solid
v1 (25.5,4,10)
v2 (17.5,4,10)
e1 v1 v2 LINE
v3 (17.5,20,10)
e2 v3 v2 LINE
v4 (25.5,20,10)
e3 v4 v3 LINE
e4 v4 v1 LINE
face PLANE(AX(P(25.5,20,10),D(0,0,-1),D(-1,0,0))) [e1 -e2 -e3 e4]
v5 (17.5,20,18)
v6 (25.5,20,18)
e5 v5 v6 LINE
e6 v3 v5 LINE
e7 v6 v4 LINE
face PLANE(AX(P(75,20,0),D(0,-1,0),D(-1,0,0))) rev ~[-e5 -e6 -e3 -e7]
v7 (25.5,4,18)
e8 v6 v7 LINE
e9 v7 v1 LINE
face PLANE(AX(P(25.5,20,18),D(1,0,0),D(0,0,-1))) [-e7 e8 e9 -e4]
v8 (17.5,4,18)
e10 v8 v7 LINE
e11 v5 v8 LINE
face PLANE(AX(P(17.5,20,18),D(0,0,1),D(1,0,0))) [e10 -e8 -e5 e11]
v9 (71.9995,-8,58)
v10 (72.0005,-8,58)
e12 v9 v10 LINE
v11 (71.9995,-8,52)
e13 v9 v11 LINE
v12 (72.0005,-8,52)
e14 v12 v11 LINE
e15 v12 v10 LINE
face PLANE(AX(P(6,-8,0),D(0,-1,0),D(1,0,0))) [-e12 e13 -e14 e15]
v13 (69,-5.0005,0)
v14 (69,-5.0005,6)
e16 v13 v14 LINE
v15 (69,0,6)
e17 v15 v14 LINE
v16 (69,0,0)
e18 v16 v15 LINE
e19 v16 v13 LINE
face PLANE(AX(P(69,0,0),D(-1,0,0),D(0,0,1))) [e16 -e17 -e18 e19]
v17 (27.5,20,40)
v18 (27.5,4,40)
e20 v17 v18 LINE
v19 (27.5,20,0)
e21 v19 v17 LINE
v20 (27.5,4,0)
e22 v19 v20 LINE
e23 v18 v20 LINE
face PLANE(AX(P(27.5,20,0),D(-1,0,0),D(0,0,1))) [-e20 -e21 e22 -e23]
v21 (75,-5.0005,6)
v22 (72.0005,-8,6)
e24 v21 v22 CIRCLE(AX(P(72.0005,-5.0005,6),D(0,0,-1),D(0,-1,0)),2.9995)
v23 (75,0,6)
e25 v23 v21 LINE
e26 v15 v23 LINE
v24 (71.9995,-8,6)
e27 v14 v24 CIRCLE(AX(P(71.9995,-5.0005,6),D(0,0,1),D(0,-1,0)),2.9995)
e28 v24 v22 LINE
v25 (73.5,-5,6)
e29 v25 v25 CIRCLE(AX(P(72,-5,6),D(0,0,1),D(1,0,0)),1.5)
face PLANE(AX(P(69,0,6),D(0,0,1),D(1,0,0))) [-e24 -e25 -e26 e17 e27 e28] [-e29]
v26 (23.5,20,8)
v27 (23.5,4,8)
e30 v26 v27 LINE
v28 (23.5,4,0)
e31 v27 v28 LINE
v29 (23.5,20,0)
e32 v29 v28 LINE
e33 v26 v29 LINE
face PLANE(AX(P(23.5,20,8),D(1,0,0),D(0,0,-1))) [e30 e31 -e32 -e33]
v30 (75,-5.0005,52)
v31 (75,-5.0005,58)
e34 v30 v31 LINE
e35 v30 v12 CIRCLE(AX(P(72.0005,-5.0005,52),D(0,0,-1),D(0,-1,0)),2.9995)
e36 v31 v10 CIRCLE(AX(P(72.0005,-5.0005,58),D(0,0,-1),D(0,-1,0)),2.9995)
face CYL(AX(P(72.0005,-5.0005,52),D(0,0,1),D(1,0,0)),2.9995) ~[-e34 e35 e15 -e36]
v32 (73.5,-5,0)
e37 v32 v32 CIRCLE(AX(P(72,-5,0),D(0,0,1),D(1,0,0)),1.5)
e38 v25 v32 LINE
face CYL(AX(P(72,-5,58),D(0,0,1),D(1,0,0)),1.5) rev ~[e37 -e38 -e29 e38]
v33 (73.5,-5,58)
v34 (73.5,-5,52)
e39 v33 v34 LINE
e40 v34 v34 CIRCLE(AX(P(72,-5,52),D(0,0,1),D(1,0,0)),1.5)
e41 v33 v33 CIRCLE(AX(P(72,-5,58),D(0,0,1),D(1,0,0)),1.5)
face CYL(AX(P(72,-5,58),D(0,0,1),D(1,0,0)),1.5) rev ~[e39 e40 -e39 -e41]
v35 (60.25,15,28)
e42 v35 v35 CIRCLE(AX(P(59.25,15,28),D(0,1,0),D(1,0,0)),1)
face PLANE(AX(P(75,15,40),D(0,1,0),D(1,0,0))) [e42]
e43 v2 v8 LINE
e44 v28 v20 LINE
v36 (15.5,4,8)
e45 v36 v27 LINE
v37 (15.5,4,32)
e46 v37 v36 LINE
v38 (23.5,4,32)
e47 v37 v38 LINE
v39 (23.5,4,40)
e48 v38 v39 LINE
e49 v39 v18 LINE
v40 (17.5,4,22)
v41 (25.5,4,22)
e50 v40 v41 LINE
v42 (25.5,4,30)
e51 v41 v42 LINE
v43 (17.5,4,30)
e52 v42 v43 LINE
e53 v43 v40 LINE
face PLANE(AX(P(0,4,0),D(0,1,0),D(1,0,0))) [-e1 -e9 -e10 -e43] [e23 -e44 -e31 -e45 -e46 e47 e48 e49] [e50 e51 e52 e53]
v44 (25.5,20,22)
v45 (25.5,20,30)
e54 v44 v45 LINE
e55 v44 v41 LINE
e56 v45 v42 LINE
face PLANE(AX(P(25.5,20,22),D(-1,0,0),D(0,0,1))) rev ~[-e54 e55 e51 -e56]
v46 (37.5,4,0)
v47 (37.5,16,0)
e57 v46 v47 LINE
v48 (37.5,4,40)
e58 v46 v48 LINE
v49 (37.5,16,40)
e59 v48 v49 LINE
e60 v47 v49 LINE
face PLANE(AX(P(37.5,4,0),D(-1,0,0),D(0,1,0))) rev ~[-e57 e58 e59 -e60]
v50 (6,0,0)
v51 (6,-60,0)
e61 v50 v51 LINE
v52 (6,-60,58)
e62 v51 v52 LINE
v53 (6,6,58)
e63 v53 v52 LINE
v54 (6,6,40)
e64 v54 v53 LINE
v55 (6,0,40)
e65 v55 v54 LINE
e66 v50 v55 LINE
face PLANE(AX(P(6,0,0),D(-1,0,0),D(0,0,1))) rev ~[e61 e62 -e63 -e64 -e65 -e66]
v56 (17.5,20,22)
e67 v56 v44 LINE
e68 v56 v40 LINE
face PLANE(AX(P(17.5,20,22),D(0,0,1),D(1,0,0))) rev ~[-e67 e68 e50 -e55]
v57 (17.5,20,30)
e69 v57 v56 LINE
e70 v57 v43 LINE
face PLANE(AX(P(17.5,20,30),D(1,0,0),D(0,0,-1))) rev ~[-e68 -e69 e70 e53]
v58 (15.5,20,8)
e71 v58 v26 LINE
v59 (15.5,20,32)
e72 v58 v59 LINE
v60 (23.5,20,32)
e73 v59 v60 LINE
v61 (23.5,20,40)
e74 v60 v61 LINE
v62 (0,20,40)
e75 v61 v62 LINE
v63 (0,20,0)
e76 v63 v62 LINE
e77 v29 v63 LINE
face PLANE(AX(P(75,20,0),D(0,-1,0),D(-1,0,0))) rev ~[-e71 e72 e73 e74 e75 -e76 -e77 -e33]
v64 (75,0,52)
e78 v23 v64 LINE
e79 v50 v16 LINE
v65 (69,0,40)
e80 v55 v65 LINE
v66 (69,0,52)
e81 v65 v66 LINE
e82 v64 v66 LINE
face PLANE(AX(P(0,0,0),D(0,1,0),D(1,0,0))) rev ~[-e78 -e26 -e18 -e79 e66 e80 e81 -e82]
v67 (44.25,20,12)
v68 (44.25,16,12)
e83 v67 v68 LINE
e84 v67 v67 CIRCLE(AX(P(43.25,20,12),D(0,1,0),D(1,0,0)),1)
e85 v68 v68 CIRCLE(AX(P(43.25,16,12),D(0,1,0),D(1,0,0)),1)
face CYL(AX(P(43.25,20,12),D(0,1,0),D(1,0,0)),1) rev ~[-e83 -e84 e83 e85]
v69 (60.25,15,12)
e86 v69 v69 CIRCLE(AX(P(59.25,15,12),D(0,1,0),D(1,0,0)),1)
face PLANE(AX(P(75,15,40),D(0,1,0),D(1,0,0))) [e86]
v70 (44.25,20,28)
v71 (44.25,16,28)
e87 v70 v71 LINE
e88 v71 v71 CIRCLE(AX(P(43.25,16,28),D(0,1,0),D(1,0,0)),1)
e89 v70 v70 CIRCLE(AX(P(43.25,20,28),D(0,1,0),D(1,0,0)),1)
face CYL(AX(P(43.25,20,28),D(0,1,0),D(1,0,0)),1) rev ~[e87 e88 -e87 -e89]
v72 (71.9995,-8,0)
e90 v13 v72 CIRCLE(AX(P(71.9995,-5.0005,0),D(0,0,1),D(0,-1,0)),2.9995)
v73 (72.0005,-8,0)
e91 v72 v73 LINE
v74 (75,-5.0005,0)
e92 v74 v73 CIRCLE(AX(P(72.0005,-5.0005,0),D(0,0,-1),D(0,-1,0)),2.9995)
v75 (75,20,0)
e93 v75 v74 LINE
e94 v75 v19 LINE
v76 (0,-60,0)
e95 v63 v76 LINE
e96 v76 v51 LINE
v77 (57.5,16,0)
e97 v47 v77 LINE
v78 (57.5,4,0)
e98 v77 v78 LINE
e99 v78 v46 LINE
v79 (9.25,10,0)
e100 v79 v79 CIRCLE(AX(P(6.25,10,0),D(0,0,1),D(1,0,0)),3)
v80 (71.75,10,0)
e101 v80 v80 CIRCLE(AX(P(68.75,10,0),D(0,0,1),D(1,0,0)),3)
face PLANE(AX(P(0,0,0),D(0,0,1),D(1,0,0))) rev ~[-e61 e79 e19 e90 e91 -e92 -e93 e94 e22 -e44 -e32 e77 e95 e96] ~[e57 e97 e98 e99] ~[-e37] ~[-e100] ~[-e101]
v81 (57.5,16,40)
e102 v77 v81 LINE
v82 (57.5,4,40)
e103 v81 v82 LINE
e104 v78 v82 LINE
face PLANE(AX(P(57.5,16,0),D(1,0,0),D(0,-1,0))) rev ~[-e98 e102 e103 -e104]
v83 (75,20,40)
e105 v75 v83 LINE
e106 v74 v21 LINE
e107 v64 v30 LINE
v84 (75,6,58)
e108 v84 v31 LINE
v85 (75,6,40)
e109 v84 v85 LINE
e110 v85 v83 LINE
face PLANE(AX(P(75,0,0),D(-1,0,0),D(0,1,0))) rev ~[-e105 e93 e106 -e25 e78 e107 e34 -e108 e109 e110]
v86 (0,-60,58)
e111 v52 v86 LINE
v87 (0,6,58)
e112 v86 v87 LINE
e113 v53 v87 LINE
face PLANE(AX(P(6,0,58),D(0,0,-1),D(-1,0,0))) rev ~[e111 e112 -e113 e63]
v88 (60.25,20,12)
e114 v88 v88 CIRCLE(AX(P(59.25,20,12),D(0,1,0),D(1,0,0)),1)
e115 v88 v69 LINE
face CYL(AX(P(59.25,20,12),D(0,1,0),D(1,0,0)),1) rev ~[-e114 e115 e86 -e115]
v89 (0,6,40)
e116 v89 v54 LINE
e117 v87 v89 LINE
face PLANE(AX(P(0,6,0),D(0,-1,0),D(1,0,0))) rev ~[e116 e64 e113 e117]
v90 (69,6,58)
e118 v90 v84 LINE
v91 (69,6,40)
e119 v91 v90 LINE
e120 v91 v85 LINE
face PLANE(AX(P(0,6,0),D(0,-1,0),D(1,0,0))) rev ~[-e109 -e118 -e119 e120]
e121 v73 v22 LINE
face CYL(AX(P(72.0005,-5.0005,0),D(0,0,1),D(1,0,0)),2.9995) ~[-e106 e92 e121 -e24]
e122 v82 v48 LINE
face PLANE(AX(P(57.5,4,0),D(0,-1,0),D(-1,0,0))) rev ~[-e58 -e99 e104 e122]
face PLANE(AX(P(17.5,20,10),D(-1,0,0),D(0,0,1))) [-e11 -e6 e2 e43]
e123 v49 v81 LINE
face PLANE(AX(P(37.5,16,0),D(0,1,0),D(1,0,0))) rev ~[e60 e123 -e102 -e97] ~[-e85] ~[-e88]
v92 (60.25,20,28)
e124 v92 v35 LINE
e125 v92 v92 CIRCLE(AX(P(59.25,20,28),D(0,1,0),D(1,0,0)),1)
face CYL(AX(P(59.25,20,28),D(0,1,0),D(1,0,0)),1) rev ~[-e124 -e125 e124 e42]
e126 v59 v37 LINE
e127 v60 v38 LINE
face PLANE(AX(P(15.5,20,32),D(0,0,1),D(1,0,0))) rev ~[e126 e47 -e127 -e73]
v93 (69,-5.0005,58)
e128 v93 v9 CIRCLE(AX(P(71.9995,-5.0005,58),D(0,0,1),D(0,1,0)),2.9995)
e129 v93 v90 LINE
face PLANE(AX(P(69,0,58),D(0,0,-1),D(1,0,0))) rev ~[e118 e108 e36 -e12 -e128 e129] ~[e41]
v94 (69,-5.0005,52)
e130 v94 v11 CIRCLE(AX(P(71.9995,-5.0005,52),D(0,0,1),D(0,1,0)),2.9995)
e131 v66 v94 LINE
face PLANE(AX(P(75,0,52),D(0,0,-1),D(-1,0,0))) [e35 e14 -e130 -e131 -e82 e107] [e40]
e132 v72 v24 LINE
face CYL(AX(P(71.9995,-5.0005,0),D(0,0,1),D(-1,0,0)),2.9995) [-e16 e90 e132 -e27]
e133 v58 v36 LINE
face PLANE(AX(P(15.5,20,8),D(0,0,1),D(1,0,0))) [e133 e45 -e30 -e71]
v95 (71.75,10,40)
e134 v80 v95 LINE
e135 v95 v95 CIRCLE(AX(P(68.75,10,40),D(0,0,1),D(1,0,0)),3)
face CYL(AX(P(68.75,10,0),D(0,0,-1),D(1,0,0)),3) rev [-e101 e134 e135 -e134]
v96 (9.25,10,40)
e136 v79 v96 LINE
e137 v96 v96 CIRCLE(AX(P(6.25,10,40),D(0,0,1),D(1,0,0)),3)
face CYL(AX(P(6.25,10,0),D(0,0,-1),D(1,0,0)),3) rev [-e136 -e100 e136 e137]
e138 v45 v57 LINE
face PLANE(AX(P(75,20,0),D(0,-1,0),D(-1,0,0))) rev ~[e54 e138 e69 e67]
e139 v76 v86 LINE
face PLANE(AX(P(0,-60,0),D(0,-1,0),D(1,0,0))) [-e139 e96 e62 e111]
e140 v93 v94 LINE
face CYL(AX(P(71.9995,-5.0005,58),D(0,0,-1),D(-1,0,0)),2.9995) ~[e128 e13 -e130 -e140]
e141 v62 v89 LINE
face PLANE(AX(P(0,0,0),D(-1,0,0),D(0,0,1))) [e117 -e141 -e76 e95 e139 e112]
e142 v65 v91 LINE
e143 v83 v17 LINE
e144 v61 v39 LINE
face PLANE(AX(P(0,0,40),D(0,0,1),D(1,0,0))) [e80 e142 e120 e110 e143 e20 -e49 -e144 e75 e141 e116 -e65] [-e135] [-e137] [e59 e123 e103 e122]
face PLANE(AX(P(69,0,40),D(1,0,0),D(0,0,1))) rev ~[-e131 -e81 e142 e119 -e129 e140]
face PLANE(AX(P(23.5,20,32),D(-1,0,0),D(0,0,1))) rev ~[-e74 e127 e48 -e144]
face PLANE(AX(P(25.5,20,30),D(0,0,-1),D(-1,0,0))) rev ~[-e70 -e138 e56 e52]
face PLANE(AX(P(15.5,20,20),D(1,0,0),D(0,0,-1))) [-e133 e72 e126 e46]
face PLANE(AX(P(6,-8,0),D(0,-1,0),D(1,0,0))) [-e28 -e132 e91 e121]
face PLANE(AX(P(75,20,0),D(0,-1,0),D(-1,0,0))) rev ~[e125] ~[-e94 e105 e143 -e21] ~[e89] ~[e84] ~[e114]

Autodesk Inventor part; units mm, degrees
ref_plane "YZ Plane" through (0, 0, 0) normal (1, 0, 0) x (0, 1, 0)
ref_plane "XZ Plane" through (0, 0, 0) normal (0, 1, 0) x (-1, 0, 0)
ref_plane "XY Plane" through (0, 0, 0) normal (0, 0, 1) x (1, 0, 0)
sketch "Sketch3" plane through (0, 0, 0) normal (0, 0, 1) x (1, 0, 0)
  line L0 (0, 0) -> (75, 0)
  line L1 (75, 0) -> (75, 20)
  line L2 (75, 20) -> (0, 20)
  line L3 (0, 20) -> (0, 0)
  circle A0 centre (6.25, 10) radius 3
  circle A1 centre (68.75, 10) radius 3
  line L4 (37.5, 16) -> (57.5, 16)
  line L5 (57.5, 16) -> (57.5, 4)
  line L6 (57.5, 4) -> (37.5, 4)
  line L7 (37.5, 4) -> (37.5, 16)
  dimension "d19" = 20
  dimension "d20" = 75
  dimension "d21" = 6
  dimension "d22" = 6
  dimension "d23" = 10
  dimension "d24" = 10
  dimension "d25" = 62.5
  dimension "d26" = 6.25
  dimension "d30" = 12
  dimension "d31" = 20
  dimension "d32" = 4
  dimension "d33" = 17.5
extrude "Extrusion3" add sketch "Sketch3" along normal blind 40
sketch "Sketch4" plane through (0, 20, 0) normal (0, 1, 0) x (1, 0, 0)
  line L0 (0, 0) -> (75, 0) projected
  line L1 (27.5, -40) -> (27.5, -20)
  line L2 (27.5, -20) -> (15.5, -20)
  line L3 (15.5, -20) -> (15.5, -32)
  line L4 (15.5, -32) -> (23.5, -32)
  line L5 (23.5, -32) -> (23.5, -40)
  line L6 (17.5, -22) -> (25.5, -22)
  line L7 (25.5, -22) -> (25.5, -30)
  line L8 (25.5, -30) -> (17.5, -30)
  line L9 (17.5, -30) -> (17.5, -22)
  line L10 (23.5, -40) -> (27.5, -40)
  line L11 (0, 0) -> (0, -40) projected
  line L12 (75, -40) -> (0, -40) projected
  line L13 (75, 0) -> (75, -40) projected
  line L14 (27.5, 0) -> (27.5, -20)
  line L15 (15.5, -20) -> (15.5, -8)
  line L16 (15.5, -8) -> (23.5, -8)
  line L17 (23.5, -8) -> (23.5, 0)
  line L18 (17.5, -18) -> (25.5, -18)
  line L19 (25.5, -18) -> (25.5, -10)
  line L20 (25.5, -10) -> (17.5, -10)
  line L21 (17.5, -10) -> (17.5, -18)
  line L22 (23.5, 0) -> (27.5, 0)
  dimension "d34" = 2
  dimension "d35" = 2
  dimension "d36" = 2
  dimension "d37" = 2
  dimension "d38" = 4
  dimension "d39" = 32
  dimension "d40" = 8
  dimension "d41" = 8
  dimension "d42" = 27.5
  dimension "d43" = 40
extrude "Extrusion4" cut sketch "Sketch4" against normal blind 16 contours L0 L14 L2 L15 L16 L17 | L5 L4 L3 L2 L1 L10
sketch "Sketch5" plane through (0, 0, 0) normal (0, -1, 0) x (1, 0, 0)
  line L0 (0, 0) -> (75, 0) projected
  line L1 (0, 40) -> (75, 40) projected
  line L2 (75, 0) -> (75, 40) projected
  line L3 (0, 0) -> (0, 40) projected
  line L4 (0, 40) -> (6, 40)
  line L5 (6, 40) -> (6, 58)
  line L6 (6, 58) -> (0, 58)
  line L7 (0, 58) -> (0, 40)
  line L8 (75, 40) -> (69, 40)
  line L9 (69, 40) -> (69, 58)
  line L10 (69, 58) -> (75, 58)
  line L11 (75, 58) -> (75, 40)
  dimension "d46" = 40
  dimension "d47" = 75
  dimension "d48" = 6
  dimension "d49" = 18
  dimension "d79" = 6
  dimension "d80" = 18
extrude "Extrusion5" add sketch "Sketch5" against normal blind 6 contours L7 L6 L5 L1 | L1 L9 L10 L11
sketch "Esquisse12" plane through (75, 20, 40) normal (0, 1, 0) x (1, 0, 0)
  circle A0 centre (-15.75, 12) radius 1
  line L0 (-47.5, 40) -> (-47.5, 0)
  line L1 (0, 0) -> (-47.5, 0)
  line L2 (0, 40) -> (0, 0)
  line L3 (0, 40) -> (-47.5, 40)
  circle A1 centre (-31.75, 12) radius 1
  circle A2 centre (-15.75, 28) radius 1
  circle A3 centre (-31.75, 28) radius 1
  line L4 (0, 6) -> (0, 52)
  line L5 (0, 0) -> (63, 0)
  line L6 (0, 40) -> (0, 0) projected
  point P0 (-75, 40)
  point P1 (-6, 0)
  point P2 (-75, 40)
  point P3 (69, 26.5)
  point P4 (0, 52)
  dimension "d122" = 2
  dimension "d123" = 16
  dimension "d124" = 16
  dimension "d125" = 15.75
  dimension "d126" = 47.5
  dimension "d127" = 40
  dimension "d128" = 12
  dimension "d129" = 47.5
extrude "Extrusion12" cut sketch "Esquisse12" against normal blind 5 contours A0 | A1 | A2 | A3
sketch "Esquisse13" plane through (0, 0, 0) normal (0, -1, 0) x (1, 0, 0)
  line L0 (0, 0) -> (0, 40) projected
  line L1 (0, 0) -> (6, 0)
  line L2 (6, 0) -> (6, 58)
  line L3 (6, 58) -> (0, 58)
  line L4 (0, 58) -> (0, 0)
extrude "Extrusion13" add sketch "Esquisse13" along normal blind 60
sketch "Esquisse14" plane through (6, 0, 0) normal (0, -1, 0) x (1, 0, 0)
  line L0 (63, 58) -> (63, 40) projected
  line L1 (69, 0) -> (69, 58) projected
  line L2 (63, 58) -> (69, 58)
  line L3 (69, 58) -> (69, 52)
  line L4 (69, 52) -> (63, 52)
  line L5 (63, 52) -> (63, 58)
  line L6 (0, 0) -> (69, 0) projected
  line L7 (69, 0) -> (63, 0)
  line L8 (63, 0) -> (63, 6)
  line L9 (63, 6) -> (69, 6)
  line L10 (69, 6) -> (69, 0)
  point P0 (-6, 0)
  dimension "d134" = 6
  dimension "d135" = 6
  dimension "d136" = 6
  dimension "d137" = 6
extrude "Extrusion14" add sketch "Esquisse14" along normal blind 8
sketch "Esquisse15" plane through (69, 6, 58) normal (0, 0, 1) x (1, 0, 0)
  circle A0 centre (3, -11) radius 1.5
  line L0 (6, -14) -> (0, -14) projected
  line L1 (-63, -6) -> (0, -6) projected
  line L2 (6, -6) -> (6, -14) projected
  point P0 (-69, -6)
  dimension "d140" = 3
  dimension "d141" = 3
  dimension "d142" = 6
  dimension "d143" = 8
  dimension "d144" = 3
extrude "Extrusion15" cut sketch "Esquisse15" against normal through all
fillet "Congé2" radius 3 4 edges at (69, -8, 55) (75, -8, 55) (75, -8, 3) (69, -8, 3)
equation "\"d22\" = d21"
equation "\"d23\" = 0.5 * d19"
equation "\"d24\" = 0.5 * d19"
equation "\"d26\" = 0.5 * d20 - 0.5 * d25"
equation "\"d32\" = 0.5 * d19 - 0.5 * d30"
equation "\"d33\" = 0.5 * d20 - d31"
equation "\"d35\" = d34"
equation "\"d36\" = d34"
equation "\"d37\" = d34"
equation "\"d38\" = 2 * d34"
equation "\"d40\" = 4 * d34"
equation "\"d41\" = 4 * d34"
equation "\"d79\" = d48"
equation "\"d80\" = d49"
equation "\"d125\" = 0.5 * d126 - 0.5 * d123"
equation "\"d128\" = 0.5 * d127 - 0.5 * d124"
equation "\"d135\" = d134"
equation "\"d136\" = d134"
equation "\"d137\" = d136"
equation "\"d144\" = 0.5 * d142"
properties part number "SupportPlateau" material "PC/ABS Plastic"
